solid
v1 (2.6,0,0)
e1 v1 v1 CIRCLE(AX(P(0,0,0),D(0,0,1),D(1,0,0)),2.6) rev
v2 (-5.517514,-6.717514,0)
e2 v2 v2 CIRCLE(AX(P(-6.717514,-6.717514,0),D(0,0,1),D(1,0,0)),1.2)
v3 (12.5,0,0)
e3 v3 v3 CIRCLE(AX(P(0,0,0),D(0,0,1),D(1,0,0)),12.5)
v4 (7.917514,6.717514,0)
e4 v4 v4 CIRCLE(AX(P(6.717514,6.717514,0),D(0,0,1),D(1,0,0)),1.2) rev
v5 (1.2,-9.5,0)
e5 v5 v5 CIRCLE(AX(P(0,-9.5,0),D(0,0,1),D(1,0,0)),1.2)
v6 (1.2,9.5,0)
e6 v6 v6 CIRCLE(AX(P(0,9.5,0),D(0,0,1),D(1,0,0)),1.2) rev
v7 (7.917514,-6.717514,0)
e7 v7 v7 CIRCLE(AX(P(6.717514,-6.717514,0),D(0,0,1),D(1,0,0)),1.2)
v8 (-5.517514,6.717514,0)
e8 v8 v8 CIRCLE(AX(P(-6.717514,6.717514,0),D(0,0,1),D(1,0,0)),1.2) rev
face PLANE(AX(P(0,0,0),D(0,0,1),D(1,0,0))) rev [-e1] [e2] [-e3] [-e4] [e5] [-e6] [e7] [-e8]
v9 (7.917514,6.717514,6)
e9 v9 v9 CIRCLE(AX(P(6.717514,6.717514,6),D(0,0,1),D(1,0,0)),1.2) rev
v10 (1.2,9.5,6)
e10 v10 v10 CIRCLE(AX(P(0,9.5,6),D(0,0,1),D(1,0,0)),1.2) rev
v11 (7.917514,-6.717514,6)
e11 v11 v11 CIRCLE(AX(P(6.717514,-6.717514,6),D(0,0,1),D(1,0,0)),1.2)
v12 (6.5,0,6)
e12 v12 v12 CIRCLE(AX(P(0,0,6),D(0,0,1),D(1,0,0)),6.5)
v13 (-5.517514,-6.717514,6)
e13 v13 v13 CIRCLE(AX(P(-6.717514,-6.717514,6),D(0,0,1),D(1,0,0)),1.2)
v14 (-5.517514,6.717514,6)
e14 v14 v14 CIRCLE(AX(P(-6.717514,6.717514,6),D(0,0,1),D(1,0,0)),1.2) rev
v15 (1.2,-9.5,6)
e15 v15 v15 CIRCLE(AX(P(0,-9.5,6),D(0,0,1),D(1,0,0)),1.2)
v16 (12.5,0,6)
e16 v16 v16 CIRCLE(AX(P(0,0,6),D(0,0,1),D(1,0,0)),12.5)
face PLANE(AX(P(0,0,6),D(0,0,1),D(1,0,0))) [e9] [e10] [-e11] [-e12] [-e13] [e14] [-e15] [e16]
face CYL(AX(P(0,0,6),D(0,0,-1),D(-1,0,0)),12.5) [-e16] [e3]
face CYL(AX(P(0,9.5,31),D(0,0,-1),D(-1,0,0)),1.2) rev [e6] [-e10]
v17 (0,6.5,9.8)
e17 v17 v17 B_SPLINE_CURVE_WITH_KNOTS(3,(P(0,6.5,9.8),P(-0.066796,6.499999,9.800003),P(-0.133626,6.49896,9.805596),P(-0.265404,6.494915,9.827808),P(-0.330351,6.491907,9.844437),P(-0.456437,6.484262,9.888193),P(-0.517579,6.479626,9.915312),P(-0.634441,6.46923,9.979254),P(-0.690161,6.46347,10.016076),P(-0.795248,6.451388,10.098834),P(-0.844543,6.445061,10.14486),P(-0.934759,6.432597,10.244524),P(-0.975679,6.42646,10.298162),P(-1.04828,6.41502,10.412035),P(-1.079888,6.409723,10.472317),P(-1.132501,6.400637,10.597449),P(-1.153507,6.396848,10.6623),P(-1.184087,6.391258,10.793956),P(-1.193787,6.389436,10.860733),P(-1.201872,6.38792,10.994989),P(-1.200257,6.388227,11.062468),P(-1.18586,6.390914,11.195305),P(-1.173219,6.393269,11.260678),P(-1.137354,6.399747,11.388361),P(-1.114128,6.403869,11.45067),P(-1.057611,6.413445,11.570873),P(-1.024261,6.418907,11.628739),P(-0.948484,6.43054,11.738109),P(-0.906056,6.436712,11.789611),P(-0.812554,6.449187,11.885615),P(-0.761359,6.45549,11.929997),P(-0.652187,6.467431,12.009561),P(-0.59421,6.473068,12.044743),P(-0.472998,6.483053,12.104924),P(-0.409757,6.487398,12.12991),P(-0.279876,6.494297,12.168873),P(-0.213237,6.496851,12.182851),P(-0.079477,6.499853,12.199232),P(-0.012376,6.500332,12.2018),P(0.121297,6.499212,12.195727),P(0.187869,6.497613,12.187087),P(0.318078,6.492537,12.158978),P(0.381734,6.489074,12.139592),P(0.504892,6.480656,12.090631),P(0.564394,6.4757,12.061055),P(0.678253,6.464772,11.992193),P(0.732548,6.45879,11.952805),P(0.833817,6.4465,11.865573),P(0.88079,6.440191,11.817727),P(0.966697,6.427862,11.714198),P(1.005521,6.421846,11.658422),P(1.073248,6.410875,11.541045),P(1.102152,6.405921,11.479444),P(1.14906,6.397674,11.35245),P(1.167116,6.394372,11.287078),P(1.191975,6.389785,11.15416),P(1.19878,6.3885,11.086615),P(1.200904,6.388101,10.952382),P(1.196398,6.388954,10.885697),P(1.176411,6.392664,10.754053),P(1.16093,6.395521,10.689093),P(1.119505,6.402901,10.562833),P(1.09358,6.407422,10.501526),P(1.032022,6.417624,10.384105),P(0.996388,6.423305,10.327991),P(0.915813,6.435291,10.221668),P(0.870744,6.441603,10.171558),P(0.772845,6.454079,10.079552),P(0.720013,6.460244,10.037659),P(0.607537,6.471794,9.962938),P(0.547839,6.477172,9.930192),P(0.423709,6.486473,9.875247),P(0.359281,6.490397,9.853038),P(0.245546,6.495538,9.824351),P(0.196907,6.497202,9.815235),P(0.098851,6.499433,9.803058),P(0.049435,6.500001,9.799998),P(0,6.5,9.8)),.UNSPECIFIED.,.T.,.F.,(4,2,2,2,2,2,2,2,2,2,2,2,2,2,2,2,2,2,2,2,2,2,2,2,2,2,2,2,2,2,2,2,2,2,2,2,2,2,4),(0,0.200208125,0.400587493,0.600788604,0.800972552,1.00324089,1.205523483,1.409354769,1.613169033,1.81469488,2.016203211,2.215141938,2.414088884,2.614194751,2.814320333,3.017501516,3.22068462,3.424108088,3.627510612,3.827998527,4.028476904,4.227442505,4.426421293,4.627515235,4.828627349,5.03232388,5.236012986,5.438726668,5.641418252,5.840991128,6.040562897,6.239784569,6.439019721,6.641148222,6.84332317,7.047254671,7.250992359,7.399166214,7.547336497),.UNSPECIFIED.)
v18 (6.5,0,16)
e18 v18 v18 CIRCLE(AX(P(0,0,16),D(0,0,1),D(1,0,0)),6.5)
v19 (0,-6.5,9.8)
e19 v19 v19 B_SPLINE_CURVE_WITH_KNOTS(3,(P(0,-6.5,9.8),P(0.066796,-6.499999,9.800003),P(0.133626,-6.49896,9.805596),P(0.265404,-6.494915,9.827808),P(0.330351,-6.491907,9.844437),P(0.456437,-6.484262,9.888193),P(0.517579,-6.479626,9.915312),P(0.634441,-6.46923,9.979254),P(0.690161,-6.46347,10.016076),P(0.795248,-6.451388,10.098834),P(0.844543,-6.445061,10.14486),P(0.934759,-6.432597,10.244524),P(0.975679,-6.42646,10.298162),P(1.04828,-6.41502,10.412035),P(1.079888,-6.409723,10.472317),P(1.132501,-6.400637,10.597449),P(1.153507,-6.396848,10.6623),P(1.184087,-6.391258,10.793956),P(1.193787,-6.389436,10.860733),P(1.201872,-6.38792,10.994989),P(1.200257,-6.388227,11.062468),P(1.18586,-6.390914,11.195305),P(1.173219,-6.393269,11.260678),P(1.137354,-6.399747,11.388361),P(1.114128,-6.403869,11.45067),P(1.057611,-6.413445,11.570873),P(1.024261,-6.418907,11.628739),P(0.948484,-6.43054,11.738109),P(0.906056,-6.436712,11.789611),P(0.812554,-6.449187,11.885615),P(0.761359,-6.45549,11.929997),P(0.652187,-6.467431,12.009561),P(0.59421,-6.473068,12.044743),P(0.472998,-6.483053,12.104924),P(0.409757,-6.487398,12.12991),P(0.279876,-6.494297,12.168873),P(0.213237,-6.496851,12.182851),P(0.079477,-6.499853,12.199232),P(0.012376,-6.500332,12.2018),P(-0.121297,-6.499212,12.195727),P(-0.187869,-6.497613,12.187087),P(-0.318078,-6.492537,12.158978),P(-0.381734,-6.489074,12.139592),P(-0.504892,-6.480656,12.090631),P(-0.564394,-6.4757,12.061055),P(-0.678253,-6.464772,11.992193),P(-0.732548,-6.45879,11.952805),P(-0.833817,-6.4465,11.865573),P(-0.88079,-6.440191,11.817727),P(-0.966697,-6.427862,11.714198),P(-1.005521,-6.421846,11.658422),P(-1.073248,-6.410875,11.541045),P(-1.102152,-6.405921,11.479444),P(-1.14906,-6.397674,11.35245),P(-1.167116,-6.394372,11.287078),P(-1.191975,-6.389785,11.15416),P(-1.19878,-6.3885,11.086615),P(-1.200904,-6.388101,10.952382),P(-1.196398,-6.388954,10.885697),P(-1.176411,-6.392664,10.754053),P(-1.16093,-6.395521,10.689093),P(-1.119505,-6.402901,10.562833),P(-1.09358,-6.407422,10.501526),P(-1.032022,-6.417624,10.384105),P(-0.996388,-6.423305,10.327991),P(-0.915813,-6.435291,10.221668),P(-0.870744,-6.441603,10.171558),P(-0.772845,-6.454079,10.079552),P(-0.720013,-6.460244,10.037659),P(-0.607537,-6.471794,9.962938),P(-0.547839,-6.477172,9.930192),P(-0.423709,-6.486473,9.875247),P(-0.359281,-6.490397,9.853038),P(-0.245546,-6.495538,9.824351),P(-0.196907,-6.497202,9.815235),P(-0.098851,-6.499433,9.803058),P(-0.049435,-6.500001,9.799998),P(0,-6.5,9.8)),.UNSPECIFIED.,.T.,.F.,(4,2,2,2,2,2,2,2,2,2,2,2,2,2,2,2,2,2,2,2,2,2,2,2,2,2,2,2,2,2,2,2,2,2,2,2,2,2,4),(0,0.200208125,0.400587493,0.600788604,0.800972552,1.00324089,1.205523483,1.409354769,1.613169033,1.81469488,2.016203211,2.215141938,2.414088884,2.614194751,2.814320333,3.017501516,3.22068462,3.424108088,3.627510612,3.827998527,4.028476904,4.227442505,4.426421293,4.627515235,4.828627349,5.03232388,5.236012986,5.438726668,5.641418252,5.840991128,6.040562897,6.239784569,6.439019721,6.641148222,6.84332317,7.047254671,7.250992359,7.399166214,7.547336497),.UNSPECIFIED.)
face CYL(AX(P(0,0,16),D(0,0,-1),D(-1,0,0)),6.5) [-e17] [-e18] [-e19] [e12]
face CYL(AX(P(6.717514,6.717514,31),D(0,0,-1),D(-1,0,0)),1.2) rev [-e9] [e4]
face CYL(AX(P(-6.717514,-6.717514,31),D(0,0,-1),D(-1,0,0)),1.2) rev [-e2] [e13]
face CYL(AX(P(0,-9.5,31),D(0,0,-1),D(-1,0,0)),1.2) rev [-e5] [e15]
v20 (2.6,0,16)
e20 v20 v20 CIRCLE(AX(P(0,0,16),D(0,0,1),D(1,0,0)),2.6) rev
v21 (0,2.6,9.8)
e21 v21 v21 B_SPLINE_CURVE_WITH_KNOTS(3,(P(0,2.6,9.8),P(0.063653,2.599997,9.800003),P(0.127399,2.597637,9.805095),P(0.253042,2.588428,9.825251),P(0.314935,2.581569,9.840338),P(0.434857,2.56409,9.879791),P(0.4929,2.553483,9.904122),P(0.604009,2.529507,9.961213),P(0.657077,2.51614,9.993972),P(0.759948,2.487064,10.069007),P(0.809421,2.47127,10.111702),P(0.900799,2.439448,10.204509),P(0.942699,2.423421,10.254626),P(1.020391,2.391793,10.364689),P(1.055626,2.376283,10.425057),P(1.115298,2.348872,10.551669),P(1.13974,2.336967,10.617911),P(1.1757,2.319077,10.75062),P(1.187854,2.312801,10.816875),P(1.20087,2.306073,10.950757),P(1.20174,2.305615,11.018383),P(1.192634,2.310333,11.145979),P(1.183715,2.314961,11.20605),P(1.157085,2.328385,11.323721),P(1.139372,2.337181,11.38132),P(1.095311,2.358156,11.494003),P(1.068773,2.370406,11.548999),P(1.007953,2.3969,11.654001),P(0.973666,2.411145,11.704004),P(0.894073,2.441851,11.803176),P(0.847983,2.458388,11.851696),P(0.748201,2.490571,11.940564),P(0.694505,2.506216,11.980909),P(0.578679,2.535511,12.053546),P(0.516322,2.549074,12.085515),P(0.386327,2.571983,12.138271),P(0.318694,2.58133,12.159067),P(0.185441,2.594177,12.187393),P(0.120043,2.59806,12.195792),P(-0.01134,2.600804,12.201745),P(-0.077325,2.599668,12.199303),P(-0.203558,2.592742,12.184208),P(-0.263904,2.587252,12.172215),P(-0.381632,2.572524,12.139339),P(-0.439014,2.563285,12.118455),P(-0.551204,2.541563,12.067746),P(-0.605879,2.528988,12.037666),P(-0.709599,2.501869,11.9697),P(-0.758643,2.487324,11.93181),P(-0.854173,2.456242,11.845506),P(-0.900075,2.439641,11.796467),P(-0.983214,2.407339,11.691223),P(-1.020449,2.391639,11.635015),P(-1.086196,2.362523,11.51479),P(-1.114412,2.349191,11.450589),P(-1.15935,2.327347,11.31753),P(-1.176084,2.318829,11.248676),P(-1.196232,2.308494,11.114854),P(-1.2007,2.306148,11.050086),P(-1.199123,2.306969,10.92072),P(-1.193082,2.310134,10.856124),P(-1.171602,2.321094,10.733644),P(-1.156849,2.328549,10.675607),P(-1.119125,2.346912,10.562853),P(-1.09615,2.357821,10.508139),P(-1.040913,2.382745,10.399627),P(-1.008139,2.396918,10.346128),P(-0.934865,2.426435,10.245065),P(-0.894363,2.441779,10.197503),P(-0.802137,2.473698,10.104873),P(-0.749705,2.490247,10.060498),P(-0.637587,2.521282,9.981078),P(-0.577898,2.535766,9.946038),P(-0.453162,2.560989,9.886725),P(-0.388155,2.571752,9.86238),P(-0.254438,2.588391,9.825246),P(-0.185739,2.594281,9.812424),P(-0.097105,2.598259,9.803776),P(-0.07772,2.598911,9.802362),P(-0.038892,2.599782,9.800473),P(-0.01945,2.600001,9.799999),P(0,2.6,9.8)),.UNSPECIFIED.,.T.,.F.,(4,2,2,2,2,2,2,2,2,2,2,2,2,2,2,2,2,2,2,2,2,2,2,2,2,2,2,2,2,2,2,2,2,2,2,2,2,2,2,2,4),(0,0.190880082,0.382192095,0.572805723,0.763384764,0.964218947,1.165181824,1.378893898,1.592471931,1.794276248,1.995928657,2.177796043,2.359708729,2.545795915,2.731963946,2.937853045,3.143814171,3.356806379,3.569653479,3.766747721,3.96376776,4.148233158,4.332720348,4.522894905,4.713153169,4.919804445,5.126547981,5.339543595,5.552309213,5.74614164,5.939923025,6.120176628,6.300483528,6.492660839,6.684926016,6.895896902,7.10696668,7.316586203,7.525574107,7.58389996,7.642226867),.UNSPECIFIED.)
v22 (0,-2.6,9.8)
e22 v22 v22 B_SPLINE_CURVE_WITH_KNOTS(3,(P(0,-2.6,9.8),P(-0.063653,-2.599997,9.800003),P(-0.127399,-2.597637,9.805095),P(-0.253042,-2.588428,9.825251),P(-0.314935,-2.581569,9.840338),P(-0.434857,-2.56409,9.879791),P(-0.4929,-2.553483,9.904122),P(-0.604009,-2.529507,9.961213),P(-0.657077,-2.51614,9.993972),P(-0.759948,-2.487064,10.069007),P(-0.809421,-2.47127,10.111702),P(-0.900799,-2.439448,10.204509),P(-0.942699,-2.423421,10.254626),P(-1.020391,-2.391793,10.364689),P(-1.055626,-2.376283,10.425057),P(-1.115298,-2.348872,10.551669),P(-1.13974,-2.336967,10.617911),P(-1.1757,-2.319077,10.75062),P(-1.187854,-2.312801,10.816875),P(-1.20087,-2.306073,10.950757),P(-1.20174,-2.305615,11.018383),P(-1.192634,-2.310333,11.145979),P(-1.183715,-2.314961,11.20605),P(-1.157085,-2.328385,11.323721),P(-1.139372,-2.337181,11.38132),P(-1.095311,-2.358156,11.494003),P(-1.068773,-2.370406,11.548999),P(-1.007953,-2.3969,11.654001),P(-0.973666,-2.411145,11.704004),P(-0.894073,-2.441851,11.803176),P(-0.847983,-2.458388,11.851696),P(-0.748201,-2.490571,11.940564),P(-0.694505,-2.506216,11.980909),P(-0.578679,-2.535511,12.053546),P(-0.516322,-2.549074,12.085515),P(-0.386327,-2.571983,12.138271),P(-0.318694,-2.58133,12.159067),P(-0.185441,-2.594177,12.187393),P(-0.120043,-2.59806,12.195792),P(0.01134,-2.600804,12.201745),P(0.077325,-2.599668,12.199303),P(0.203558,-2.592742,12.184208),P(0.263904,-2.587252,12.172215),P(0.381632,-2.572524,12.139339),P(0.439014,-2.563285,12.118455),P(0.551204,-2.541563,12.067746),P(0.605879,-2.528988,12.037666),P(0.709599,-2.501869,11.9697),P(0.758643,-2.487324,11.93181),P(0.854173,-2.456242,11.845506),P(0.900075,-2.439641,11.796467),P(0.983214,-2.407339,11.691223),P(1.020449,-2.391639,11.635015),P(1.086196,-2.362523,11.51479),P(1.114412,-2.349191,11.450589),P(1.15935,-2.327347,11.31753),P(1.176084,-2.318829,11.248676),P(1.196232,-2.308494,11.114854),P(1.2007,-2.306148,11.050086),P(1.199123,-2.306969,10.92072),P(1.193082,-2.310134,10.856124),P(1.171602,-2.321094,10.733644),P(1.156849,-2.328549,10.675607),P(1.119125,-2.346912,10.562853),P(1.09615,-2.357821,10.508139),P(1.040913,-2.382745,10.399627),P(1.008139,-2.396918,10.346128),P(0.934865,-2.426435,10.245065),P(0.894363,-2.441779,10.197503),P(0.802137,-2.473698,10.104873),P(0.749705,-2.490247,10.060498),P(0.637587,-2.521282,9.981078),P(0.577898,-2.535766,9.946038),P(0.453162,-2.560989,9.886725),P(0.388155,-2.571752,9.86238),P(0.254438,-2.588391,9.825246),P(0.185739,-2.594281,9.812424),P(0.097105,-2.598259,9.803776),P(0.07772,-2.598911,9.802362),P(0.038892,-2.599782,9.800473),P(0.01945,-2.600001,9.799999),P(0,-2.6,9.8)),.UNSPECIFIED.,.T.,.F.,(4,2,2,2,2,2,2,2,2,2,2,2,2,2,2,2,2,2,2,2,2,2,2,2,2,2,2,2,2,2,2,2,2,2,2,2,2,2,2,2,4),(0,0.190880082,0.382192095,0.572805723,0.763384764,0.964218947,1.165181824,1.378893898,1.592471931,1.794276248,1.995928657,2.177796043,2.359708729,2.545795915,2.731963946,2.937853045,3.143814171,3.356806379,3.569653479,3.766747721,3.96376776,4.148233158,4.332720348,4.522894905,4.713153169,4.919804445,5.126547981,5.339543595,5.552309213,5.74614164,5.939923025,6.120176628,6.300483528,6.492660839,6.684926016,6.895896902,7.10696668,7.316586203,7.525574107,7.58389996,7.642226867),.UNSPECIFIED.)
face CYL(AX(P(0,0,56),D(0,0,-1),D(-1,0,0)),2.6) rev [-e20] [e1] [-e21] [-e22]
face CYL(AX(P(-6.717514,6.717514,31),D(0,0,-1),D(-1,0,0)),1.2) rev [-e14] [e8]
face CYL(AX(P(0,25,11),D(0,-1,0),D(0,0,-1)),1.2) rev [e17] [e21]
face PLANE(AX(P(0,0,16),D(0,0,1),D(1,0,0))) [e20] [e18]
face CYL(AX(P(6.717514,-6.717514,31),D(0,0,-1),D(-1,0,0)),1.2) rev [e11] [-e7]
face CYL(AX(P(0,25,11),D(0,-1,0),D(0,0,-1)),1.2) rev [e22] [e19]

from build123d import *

# Parameters (mm, degrees)
SKETCH2_R               = 12.5
BOSS_EXTRUDE1_DEPTH     = 6
SKETCH3_R               = 6.5
SKETCH3_R_2             = 2.5
BOSS_EXTRUDE2_DEPTH     = 10
CUT_EXTRUDE1_DEPTH      = 25
CUT_EXTRUDE1_DEPTH_BACK = 25
SKETCH4_R               = 1.2
SKETCH5_R               = 1.2
CUT_EXTRUDE2_DEPTH      = 25
CIRPATTERN1_COUNT       = 2
CIRPATTERN1_ANGLE       = 45
CUT_EXTRUDE3_DEPTH      = 50
CUT_EXTRUDE3_DEPTH_BACK = 20
SKETCH6_R               = 2.6
CIRPATTERN2_COUNT       = 2
CIRPATTERN2_ANGLE       = 315
MIRROR1_COPY_1_SKETCH_R = 1.2
MIRROR1_COPY_1_DEPTH    = 25
MIRROR1_COPY_2_SKETCH_R = 1.2
MIRROR1_COPY_2_DEPTH    = 25
MIRROR1_COPY_3_SKETCH_R = 1.2
MIRROR1_COPY_3_DEPTH    = 25
MIRROR1_COPY_4_SKETCH_R = 1.2
MIRROR1_COPY_4_DEPTH    = 25


with BuildPart() as part:
    # Sketch2 → Boss-Extrude1 (new body)
    with BuildSketch(Plane.XY):
        Circle(SKETCH2_R)
    extrude(amount=BOSS_EXTRUDE1_DEPTH)

    # Sketch3 → Boss-Extrude2 (add)
    with BuildSketch(Plane.XY.offset(6)):
        Circle(SKETCH3_R)
        Circle(SKETCH3_R_2, mode=Mode.SUBTRACT)
    extrude(amount=BOSS_EXTRUDE2_DEPTH)

    # Sketch4 → Cut-Extrude1 (cut, two sides: drawn at the far end of the back side and taken through both)
    with BuildSketch(Plane(origin=(0, 0, 0), x_dir=(1, 0, 0), z_dir=(0, 1, 0)).offset(-CUT_EXTRUDE1_DEPTH_BACK)):
        with Locations((0, -11)):
            Circle(SKETCH4_R)
    extrude(amount=CUT_EXTRUDE1_DEPTH + CUT_EXTRUDE1_DEPTH_BACK, mode=Mode.SUBTRACT)

    # Sketch5 → Cut-Extrude2 (cut, symmetric)
    with BuildSketch(Plane.XY.offset(6)):
        with Locations((0, 9.5)):
            Circle(SKETCH5_R)
    cut_extrude2 = extrude(amount=CUT_EXTRUDE2_DEPTH, both=True, mode=Mode.SUBTRACT)

    # CirPattern1: Cut-Extrude2 ×2 about axis
    cirpattern1_axis = Axis((0, 0, -0.6), (0, 0, 1))
    for i in range(1, CIRPATTERN1_COUNT):
        add(cut_extrude2.rotate(cirpattern1_axis, i * CIRPATTERN1_ANGLE / (CIRPATTERN1_COUNT - 1)), mode=Mode.SUBTRACT)

    # Sketch6 → Cut-Extrude3 (cut, two sides: drawn at the far end of the back side and taken through both)
    with BuildSketch(Plane.XY.offset(6).offset(-CUT_EXTRUDE3_DEPTH_BACK)):
        Circle(SKETCH6_R)
    extrude(amount=CUT_EXTRUDE3_DEPTH + CUT_EXTRUDE3_DEPTH_BACK, mode=Mode.SUBTRACT)

    # CirPattern2: Cut-Extrude2 ×2 about axis
    cirpattern2_axis = Axis((0, 0, 6), (0, 0, 1))
    for i in range(1, CIRPATTERN2_COUNT):
        add(cut_extrude2.rotate(cirpattern2_axis, i * CIRPATTERN2_ANGLE / (CIRPATTERN2_COUNT - 1)), mode=Mode.SUBTRACT)

    # Mirror1 copy 1 sketch → Mirror1 copy 1 (cut, symmetric)
    with BuildSketch(Plane(origin=(0, 0, 6), x_dir=(0.707106781186546, -0.707106781186549, 0), z_dir=(0, 0, 1))):
        with Locations((0, -9.5)):
            Circle(MIRROR1_COPY_1_SKETCH_R)
    extrude(amount=MIRROR1_COPY_1_DEPTH, both=True, mode=Mode.SUBTRACT)

    # Mirror1 copy 2 sketch → Mirror1 copy 2 (cut, symmetric)
    with BuildSketch(Plane.XY.offset(6)):
        with Locations((0, -9.5)):
            Circle(MIRROR1_COPY_2_SKETCH_R)
    extrude(amount=MIRROR1_COPY_2_DEPTH, both=True, mode=Mode.SUBTRACT)

    # Mirror1 copy 3 sketch → Mirror1 copy 3 (cut, symmetric)
    with BuildSketch(Plane(origin=(0, 0, 6), x_dir=(0.7071067811865561, 0.7071067811865389, 0), z_dir=(0, 0, 1))):
        with Locations((0, -9.5)):
            Circle(MIRROR1_COPY_3_SKETCH_R)
    extrude(amount=MIRROR1_COPY_3_DEPTH, both=True, mode=Mode.SUBTRACT)

    # Mirror1 copy 4 sketch → Mirror1 copy 4 (cut, symmetric)
    with BuildSketch(Plane.XY.offset(6)):
        with Locations((0, -9.5)):
            Circle(MIRROR1_COPY_4_SKETCH_R)
    extrude(amount=MIRROR1_COPY_4_DEPTH, both=True, mode=Mode.SUBTRACT)


solid = part.part
